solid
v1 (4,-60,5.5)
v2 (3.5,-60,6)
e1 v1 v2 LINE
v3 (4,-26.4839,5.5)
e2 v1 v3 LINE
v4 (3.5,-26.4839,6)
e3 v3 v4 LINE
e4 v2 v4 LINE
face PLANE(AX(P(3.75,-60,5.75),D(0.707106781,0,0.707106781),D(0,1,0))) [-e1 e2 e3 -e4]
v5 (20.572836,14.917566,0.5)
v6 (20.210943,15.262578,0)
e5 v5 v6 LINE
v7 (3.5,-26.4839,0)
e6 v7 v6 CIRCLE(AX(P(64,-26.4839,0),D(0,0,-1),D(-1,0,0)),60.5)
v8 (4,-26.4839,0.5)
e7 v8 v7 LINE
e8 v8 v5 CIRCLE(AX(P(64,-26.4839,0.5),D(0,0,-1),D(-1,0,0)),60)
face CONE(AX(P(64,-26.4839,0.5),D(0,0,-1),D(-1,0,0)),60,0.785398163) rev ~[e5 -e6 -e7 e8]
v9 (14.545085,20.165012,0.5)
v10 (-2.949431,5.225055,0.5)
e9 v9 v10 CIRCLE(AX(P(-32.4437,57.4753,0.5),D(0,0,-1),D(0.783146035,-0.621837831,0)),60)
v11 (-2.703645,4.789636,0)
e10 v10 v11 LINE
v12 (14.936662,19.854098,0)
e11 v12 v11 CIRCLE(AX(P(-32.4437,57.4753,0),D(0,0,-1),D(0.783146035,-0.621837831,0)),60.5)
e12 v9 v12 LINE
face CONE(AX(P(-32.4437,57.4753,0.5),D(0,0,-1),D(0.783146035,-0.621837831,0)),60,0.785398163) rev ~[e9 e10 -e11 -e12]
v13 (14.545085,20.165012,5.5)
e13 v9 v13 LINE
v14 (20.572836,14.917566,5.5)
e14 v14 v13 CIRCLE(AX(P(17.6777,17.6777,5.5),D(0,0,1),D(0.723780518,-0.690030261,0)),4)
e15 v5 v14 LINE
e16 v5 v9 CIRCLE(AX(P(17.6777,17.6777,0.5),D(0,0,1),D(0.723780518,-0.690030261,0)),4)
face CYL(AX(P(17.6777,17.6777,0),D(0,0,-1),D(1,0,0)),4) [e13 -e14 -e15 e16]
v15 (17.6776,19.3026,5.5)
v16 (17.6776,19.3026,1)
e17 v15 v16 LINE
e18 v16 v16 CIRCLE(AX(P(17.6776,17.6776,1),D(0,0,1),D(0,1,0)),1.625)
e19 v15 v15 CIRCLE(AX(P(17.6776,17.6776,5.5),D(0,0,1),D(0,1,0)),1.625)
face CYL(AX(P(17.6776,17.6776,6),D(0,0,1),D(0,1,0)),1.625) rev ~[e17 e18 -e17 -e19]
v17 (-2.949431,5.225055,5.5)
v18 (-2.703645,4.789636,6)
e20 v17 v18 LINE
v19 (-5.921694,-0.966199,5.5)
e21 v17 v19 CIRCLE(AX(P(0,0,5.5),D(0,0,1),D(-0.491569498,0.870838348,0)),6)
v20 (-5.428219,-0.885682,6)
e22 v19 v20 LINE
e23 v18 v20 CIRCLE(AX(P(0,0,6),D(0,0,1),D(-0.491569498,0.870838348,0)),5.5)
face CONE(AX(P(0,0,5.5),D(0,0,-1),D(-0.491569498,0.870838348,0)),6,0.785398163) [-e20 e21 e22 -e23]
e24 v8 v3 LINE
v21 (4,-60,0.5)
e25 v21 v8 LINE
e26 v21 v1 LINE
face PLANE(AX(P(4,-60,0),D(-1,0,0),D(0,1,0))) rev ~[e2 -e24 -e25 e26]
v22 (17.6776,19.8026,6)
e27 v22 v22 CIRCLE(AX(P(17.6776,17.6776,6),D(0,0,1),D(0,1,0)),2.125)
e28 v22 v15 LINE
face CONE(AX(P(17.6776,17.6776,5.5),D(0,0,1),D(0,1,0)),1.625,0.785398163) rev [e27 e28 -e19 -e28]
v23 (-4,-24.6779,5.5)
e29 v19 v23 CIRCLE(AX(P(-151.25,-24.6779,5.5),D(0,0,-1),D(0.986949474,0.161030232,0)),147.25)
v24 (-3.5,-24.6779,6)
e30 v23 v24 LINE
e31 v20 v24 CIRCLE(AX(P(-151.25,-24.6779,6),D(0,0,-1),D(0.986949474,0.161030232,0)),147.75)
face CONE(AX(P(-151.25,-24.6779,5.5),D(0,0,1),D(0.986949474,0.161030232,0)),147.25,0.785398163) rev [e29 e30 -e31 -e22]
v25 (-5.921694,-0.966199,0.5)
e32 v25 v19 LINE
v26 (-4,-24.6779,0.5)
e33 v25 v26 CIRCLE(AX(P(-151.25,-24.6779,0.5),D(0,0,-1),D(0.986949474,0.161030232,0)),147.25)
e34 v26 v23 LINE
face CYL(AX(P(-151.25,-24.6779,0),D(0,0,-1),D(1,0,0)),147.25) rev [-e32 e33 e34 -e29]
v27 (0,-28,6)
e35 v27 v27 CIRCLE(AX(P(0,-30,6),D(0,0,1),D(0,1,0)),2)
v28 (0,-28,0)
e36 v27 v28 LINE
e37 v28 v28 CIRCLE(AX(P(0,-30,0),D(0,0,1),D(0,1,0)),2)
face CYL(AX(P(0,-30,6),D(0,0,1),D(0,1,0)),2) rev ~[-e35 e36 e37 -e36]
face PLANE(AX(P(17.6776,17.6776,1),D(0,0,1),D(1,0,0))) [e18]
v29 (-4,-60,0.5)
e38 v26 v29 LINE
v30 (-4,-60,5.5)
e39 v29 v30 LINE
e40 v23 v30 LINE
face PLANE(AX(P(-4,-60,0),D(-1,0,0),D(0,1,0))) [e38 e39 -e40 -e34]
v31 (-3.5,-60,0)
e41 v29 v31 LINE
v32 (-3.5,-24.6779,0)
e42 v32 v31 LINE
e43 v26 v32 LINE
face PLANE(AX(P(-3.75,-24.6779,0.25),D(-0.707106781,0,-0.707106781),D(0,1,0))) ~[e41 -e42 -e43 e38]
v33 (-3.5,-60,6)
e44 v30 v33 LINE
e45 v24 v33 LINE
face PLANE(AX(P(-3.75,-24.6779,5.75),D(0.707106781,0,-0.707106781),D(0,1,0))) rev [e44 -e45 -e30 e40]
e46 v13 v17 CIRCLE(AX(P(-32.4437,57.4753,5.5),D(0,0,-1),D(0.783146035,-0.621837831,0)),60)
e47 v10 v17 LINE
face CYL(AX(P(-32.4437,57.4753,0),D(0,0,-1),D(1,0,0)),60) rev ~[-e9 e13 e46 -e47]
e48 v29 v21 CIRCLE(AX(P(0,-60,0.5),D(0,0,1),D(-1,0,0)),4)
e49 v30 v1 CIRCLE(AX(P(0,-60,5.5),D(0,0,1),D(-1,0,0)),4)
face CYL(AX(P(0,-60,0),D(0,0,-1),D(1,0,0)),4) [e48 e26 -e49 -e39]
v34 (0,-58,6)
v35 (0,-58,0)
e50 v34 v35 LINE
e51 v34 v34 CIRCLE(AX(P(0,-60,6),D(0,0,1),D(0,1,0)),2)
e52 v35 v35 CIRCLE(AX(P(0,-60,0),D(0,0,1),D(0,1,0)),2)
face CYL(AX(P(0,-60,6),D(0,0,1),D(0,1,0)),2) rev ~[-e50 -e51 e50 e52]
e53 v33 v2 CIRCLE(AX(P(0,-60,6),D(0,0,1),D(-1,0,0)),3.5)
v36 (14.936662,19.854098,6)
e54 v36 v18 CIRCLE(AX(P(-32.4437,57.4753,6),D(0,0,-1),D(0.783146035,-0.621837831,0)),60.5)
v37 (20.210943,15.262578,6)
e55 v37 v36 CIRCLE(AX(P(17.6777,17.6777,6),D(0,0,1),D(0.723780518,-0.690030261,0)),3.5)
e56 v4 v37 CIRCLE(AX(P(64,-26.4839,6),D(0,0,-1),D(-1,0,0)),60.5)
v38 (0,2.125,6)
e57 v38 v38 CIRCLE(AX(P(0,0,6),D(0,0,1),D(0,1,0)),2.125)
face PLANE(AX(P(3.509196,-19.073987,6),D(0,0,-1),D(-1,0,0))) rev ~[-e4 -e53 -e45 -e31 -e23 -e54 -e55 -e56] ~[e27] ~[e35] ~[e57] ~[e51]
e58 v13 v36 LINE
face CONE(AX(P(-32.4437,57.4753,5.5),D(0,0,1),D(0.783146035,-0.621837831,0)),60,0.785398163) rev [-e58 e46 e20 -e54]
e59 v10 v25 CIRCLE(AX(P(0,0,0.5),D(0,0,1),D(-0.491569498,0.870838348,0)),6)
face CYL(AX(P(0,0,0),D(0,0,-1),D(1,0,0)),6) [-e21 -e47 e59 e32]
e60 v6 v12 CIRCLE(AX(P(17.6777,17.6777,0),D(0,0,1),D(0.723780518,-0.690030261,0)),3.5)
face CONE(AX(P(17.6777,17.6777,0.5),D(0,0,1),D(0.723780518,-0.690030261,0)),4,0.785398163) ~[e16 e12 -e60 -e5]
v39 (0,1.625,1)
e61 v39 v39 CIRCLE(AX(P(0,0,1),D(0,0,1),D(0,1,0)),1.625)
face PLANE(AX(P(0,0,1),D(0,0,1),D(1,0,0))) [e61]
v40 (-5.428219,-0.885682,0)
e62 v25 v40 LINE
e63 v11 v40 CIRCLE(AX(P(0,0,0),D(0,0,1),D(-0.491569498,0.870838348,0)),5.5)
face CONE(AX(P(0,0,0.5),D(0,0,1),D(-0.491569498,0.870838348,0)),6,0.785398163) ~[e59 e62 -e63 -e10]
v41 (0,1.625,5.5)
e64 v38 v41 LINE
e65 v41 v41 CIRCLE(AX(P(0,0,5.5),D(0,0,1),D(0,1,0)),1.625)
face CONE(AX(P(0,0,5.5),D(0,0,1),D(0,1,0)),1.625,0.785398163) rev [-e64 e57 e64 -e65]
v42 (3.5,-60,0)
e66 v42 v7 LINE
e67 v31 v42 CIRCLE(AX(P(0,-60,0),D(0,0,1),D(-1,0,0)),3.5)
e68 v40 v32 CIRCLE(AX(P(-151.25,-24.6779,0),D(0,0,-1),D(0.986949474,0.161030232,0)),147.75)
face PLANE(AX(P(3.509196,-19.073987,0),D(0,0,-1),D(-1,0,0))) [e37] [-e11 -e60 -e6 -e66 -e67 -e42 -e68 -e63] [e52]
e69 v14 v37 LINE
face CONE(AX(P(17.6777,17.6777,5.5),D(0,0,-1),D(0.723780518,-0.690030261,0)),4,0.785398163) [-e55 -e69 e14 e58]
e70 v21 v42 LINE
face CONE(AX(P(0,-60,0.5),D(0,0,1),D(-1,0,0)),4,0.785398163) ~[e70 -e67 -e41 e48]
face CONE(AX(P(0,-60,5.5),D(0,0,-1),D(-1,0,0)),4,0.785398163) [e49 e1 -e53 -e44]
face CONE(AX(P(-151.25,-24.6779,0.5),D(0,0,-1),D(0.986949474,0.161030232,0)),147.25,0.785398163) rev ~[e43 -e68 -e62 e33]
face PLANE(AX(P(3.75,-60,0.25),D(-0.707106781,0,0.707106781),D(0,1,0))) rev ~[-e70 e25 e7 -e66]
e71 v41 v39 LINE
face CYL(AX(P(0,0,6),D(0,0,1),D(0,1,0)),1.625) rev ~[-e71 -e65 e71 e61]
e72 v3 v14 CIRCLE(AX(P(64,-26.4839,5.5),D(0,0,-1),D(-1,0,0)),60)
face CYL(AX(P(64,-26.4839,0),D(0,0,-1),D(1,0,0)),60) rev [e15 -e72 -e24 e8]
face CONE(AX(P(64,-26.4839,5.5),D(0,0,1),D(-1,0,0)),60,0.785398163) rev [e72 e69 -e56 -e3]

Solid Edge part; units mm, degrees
sketch "Sketch1" plane through (0, 0, 0) normal (0, 0, 1) x (1, 0, 0)
  arc A0 (20.5728, 14.9176) -> (4, -26.4839) centre (64, -26.4839) ccw
  line L0 (4, -60) -> (4, -26.4839)
  line L1 (-4, -60) -> (-4, -24.6779)
  arc A1 (-4, -24.6779) -> (-5.9217, -0.9662) centre (-151.25, -24.6779) ccw
  arc A2 (14.5451, 20.165) -> (-2.9494, 5.225) centre (-32.4437, 57.4753) cw
  arc A3 (4, -60) -> (-4, -60) centre (0, -60) cw
  arc A4 (-5.9217, -0.9662) -> (-2.9494, 5.225) centre (0, 0) cw
  arc A5 (14.5451, 20.165) -> (20.5728, 14.9176) centre (17.6777, 17.6777) cw
extrude "Protrusion1" add sketch "Sketch1" along normal blind 6
sketch "Sketch2" plane through (7.8388, -21.1612, 6) normal (0, 0, 1) x (0, 1, 0)
  circle A0 centre (21.1612, 7.8388) radius 1.625
  circle A1 centre (38.8388, -9.8388) radius 1.625
  dimension "D1" = 3.25
  dimension "D2" = 3.25
extrude "VaciadoExtruido_1" cut sketch "Sketch2" against normal blind 5
sketch "Sketch3" plane through (7.8388, -21.1612, 6) normal (0, 0, 1) x (0, 1, 0)
  circle A0 centre (-38.8388, 7.8388) radius 2
  circle A1 centre (-8.8388, 7.8388) radius 2
  dimension "D1" = 4
  dimension "D2" = 4
  dimension "D3" = 30
extrude "Cutout1" cut sketch "Sketch3" against normal through all
chamfer "Chaflán_1" distance 0.5 angle 45 18 edges at (4, -43.2419, 6) (0, -64, 6) (-4, -42.339, 6) (-4.4812, -12.7832, 6) (-5.409, 2.5967, 6) (6.5206, 11.8487, 6) (20.3041, 20.6946, 6) (8.2971, -4.1862, 6) (4, -43.2419, 0) (0, -64, 0) (-4, -42.339, 0) (-4.4812, -12.7832, 0) (-5.409, 2.5967, 0) (6.5206, 11.8487, 0) (20.3041, 20.6946, 0) (8.2971, -4.1862, 0) (0, -1.625, 6) (17.6777, 16.0527, 6)
